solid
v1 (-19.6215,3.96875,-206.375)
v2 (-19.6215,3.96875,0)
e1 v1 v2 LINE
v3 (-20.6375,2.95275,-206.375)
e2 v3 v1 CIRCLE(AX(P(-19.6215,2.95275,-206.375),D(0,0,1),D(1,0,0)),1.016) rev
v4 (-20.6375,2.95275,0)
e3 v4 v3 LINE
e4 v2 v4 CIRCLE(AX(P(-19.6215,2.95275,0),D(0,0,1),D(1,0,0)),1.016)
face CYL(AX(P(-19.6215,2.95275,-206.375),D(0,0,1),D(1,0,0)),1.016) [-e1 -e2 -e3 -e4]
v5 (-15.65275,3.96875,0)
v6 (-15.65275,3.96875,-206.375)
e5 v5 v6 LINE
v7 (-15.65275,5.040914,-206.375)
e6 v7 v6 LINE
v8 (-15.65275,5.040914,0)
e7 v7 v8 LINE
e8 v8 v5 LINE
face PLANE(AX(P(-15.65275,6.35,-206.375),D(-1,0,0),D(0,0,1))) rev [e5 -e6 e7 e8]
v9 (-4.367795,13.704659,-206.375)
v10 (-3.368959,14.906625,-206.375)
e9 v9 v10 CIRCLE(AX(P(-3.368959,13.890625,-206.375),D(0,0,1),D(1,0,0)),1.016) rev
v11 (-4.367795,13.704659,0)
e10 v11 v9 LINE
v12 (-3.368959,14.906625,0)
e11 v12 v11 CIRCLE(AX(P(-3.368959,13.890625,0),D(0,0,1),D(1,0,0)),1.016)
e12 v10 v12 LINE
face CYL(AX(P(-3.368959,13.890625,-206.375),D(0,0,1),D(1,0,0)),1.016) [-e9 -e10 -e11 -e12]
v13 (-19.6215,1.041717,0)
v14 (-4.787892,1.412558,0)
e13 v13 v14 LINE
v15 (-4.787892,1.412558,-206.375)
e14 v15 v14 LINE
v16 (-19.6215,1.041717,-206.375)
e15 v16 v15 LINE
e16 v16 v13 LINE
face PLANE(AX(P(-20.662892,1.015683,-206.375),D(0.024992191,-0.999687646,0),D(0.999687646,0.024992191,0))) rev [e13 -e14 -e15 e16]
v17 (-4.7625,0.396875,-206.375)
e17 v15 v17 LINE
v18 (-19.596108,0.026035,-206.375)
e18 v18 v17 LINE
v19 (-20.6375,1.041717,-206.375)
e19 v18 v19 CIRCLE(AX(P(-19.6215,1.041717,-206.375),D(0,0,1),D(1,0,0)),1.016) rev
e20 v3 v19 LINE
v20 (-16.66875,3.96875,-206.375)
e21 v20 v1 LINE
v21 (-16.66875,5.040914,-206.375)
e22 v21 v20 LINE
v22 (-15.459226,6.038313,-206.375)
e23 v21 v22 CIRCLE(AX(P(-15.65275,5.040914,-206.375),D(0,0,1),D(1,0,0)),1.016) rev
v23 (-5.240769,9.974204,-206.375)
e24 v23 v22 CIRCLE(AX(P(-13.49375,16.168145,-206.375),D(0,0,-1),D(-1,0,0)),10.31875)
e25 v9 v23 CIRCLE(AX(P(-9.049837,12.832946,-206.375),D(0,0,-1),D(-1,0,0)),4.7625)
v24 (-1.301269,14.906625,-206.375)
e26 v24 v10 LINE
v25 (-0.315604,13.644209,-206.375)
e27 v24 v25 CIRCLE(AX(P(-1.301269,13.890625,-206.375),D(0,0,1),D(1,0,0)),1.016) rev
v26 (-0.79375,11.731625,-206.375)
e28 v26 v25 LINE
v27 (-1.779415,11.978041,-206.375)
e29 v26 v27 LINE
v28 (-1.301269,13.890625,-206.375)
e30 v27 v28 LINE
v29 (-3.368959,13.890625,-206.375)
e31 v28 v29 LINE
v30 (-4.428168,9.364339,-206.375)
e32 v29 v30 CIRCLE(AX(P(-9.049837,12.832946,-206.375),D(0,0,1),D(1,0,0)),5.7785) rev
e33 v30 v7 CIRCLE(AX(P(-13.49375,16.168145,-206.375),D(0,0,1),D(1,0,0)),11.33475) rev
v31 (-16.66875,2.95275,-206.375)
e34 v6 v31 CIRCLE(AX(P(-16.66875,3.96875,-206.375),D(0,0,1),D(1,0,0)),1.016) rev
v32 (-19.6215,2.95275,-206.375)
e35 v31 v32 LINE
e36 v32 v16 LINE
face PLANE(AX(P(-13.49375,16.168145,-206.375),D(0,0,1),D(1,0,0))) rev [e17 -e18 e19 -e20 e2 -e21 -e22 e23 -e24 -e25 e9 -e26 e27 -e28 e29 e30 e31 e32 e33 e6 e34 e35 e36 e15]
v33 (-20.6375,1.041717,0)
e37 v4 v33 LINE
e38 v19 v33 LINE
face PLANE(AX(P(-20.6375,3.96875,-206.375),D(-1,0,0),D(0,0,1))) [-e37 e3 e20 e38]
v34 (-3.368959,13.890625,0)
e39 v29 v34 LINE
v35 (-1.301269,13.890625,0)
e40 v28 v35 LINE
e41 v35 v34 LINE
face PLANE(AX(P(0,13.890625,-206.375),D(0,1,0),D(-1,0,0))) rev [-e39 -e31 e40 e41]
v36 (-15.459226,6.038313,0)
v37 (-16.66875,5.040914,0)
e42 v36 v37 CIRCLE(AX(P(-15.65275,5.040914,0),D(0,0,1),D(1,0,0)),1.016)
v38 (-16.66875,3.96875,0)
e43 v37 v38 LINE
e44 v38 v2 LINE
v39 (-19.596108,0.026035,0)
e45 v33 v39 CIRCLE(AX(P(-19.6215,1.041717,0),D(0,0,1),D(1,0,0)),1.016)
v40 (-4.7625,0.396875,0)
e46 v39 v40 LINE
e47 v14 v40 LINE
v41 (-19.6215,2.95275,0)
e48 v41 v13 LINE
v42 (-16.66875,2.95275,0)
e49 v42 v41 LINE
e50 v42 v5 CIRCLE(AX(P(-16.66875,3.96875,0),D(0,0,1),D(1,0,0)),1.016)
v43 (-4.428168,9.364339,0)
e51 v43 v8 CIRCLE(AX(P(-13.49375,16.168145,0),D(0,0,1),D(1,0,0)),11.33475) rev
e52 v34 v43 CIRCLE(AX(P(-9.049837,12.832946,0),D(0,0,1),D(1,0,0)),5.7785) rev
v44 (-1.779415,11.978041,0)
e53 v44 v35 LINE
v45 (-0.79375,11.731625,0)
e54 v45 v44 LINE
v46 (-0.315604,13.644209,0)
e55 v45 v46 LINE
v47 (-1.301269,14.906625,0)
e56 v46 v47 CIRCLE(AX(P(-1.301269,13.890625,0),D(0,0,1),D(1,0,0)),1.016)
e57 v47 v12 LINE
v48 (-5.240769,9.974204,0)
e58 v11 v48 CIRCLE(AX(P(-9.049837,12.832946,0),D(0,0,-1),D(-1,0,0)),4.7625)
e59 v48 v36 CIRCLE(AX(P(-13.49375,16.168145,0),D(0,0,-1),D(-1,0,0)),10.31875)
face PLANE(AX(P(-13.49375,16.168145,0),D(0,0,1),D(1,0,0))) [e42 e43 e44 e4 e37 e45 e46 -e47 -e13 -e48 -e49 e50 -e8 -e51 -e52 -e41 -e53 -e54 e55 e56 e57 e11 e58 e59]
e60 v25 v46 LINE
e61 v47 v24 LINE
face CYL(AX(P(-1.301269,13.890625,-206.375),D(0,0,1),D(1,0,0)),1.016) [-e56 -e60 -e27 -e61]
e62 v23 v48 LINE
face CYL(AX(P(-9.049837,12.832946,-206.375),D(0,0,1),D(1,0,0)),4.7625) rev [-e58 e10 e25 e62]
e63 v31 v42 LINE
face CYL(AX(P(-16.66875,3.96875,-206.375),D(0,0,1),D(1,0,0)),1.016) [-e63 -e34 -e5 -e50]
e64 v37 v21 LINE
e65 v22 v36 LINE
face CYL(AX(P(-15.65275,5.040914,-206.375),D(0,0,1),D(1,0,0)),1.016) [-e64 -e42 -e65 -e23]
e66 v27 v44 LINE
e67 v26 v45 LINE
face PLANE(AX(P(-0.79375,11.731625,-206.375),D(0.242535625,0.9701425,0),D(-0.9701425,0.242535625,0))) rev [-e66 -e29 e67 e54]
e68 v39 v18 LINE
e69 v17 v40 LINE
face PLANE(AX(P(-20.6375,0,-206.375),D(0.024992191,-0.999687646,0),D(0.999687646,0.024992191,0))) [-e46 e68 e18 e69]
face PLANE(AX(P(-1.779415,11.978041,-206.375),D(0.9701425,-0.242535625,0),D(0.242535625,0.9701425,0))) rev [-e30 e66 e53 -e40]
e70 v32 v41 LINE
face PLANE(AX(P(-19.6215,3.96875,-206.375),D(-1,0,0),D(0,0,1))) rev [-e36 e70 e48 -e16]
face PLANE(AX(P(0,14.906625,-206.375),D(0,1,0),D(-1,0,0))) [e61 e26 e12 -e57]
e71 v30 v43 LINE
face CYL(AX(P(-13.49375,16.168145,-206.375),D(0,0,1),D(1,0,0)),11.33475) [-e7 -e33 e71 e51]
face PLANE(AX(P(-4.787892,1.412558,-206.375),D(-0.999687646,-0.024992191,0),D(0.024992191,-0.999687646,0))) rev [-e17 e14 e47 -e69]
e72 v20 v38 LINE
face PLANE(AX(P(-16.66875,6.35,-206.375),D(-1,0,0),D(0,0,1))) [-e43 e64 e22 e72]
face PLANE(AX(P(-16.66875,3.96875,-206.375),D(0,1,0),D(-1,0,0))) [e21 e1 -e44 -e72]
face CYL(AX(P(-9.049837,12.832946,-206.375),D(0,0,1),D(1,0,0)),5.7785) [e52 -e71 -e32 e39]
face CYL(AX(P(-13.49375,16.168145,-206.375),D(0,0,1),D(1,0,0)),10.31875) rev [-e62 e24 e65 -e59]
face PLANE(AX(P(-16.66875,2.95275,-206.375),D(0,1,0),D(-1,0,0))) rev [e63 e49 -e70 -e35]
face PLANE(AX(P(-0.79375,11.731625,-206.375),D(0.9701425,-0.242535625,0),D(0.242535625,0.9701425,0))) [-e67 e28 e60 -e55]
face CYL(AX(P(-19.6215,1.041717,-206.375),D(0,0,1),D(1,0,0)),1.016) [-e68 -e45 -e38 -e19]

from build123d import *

# Parameters (mm, degrees)
EXTRUDE_THIN1_DEPTH = 206.375
FILLET1_R           = 1.016


with BuildPart() as part:
    # Sketch1 → Extrude-Thin1 (new body)
    with BuildSketch(Plane.XY):
        with BuildLine():
            Line((-0.79375, 11.731625), (0, 14.906625))
            Line((0, 14.906625), (-4.7625, 14.906625))
            ThreePointArc((-4.7625, 14.906625), (-4.309569444, 12.373308652), (-5.240769358, 9.974203708))
            ThreePointArc((-5.240769358, 9.974203708), (-10.374425557, 6.332169642), (-16.66875, 6.35))
            Line((-16.66875, 6.35), (-16.66875, 3.96875))
            Line((-16.66875, 3.96875), (-20.6375, 3.96875))
            Line((-20.6375, 3.96875), (-20.6375, 0))
            Line((-20.6375, 0), (-4.7625, 0.396875))
            Line((-4.7625, 0.396875), (-4.787892066, 1.412557649))
            Line((-4.787892066, 1.412557649), (-19.6215, 1.04171745))
            Line((-19.6215, 1.04171745), (-19.6215, 2.95275))
            Line((-19.6215, 2.95275), (-15.65275, 2.95275))
            Line((-15.65275, 2.95275), (-15.65275, 5.040913964))
            ThreePointArc((-15.65275, 5.040913964), (-9.419658883, 5.590889524), (-4.428168187, 9.364338693))
            ThreePointArc((-4.428168187, 9.364338693), (-3.423343097, 11.516274139), (-3.36895913, 13.890625))
            Line((-3.36895913, 13.890625), (-1.301268829, 13.890625))
            Line((-1.301268829, 13.890625), (-1.77941478, 11.978041195))
            Line((-1.77941478, 11.978041195), (-0.79375, 11.731625))
        make_face()
    extrude(amount=-EXTRUDE_THIN1_DEPTH)

    # Fillet1
    fillet1_edges = [part.edges().sort_by_distance(p)[0] for p in [
        (-20.6375, 0, -103.1875),
        (-20.6375, 3.96875, -103.1875),
        (-16.66875, 6.35, -103.1875),
        (-4.7625, 14.906625, -103.1875),
        (0, 14.906625, -103.1875),
        (-15.65275, 2.95275, -103.1875),
    ]]
    fillet(fillet1_edges, radius=FILLET1_R)


solid = part.part
